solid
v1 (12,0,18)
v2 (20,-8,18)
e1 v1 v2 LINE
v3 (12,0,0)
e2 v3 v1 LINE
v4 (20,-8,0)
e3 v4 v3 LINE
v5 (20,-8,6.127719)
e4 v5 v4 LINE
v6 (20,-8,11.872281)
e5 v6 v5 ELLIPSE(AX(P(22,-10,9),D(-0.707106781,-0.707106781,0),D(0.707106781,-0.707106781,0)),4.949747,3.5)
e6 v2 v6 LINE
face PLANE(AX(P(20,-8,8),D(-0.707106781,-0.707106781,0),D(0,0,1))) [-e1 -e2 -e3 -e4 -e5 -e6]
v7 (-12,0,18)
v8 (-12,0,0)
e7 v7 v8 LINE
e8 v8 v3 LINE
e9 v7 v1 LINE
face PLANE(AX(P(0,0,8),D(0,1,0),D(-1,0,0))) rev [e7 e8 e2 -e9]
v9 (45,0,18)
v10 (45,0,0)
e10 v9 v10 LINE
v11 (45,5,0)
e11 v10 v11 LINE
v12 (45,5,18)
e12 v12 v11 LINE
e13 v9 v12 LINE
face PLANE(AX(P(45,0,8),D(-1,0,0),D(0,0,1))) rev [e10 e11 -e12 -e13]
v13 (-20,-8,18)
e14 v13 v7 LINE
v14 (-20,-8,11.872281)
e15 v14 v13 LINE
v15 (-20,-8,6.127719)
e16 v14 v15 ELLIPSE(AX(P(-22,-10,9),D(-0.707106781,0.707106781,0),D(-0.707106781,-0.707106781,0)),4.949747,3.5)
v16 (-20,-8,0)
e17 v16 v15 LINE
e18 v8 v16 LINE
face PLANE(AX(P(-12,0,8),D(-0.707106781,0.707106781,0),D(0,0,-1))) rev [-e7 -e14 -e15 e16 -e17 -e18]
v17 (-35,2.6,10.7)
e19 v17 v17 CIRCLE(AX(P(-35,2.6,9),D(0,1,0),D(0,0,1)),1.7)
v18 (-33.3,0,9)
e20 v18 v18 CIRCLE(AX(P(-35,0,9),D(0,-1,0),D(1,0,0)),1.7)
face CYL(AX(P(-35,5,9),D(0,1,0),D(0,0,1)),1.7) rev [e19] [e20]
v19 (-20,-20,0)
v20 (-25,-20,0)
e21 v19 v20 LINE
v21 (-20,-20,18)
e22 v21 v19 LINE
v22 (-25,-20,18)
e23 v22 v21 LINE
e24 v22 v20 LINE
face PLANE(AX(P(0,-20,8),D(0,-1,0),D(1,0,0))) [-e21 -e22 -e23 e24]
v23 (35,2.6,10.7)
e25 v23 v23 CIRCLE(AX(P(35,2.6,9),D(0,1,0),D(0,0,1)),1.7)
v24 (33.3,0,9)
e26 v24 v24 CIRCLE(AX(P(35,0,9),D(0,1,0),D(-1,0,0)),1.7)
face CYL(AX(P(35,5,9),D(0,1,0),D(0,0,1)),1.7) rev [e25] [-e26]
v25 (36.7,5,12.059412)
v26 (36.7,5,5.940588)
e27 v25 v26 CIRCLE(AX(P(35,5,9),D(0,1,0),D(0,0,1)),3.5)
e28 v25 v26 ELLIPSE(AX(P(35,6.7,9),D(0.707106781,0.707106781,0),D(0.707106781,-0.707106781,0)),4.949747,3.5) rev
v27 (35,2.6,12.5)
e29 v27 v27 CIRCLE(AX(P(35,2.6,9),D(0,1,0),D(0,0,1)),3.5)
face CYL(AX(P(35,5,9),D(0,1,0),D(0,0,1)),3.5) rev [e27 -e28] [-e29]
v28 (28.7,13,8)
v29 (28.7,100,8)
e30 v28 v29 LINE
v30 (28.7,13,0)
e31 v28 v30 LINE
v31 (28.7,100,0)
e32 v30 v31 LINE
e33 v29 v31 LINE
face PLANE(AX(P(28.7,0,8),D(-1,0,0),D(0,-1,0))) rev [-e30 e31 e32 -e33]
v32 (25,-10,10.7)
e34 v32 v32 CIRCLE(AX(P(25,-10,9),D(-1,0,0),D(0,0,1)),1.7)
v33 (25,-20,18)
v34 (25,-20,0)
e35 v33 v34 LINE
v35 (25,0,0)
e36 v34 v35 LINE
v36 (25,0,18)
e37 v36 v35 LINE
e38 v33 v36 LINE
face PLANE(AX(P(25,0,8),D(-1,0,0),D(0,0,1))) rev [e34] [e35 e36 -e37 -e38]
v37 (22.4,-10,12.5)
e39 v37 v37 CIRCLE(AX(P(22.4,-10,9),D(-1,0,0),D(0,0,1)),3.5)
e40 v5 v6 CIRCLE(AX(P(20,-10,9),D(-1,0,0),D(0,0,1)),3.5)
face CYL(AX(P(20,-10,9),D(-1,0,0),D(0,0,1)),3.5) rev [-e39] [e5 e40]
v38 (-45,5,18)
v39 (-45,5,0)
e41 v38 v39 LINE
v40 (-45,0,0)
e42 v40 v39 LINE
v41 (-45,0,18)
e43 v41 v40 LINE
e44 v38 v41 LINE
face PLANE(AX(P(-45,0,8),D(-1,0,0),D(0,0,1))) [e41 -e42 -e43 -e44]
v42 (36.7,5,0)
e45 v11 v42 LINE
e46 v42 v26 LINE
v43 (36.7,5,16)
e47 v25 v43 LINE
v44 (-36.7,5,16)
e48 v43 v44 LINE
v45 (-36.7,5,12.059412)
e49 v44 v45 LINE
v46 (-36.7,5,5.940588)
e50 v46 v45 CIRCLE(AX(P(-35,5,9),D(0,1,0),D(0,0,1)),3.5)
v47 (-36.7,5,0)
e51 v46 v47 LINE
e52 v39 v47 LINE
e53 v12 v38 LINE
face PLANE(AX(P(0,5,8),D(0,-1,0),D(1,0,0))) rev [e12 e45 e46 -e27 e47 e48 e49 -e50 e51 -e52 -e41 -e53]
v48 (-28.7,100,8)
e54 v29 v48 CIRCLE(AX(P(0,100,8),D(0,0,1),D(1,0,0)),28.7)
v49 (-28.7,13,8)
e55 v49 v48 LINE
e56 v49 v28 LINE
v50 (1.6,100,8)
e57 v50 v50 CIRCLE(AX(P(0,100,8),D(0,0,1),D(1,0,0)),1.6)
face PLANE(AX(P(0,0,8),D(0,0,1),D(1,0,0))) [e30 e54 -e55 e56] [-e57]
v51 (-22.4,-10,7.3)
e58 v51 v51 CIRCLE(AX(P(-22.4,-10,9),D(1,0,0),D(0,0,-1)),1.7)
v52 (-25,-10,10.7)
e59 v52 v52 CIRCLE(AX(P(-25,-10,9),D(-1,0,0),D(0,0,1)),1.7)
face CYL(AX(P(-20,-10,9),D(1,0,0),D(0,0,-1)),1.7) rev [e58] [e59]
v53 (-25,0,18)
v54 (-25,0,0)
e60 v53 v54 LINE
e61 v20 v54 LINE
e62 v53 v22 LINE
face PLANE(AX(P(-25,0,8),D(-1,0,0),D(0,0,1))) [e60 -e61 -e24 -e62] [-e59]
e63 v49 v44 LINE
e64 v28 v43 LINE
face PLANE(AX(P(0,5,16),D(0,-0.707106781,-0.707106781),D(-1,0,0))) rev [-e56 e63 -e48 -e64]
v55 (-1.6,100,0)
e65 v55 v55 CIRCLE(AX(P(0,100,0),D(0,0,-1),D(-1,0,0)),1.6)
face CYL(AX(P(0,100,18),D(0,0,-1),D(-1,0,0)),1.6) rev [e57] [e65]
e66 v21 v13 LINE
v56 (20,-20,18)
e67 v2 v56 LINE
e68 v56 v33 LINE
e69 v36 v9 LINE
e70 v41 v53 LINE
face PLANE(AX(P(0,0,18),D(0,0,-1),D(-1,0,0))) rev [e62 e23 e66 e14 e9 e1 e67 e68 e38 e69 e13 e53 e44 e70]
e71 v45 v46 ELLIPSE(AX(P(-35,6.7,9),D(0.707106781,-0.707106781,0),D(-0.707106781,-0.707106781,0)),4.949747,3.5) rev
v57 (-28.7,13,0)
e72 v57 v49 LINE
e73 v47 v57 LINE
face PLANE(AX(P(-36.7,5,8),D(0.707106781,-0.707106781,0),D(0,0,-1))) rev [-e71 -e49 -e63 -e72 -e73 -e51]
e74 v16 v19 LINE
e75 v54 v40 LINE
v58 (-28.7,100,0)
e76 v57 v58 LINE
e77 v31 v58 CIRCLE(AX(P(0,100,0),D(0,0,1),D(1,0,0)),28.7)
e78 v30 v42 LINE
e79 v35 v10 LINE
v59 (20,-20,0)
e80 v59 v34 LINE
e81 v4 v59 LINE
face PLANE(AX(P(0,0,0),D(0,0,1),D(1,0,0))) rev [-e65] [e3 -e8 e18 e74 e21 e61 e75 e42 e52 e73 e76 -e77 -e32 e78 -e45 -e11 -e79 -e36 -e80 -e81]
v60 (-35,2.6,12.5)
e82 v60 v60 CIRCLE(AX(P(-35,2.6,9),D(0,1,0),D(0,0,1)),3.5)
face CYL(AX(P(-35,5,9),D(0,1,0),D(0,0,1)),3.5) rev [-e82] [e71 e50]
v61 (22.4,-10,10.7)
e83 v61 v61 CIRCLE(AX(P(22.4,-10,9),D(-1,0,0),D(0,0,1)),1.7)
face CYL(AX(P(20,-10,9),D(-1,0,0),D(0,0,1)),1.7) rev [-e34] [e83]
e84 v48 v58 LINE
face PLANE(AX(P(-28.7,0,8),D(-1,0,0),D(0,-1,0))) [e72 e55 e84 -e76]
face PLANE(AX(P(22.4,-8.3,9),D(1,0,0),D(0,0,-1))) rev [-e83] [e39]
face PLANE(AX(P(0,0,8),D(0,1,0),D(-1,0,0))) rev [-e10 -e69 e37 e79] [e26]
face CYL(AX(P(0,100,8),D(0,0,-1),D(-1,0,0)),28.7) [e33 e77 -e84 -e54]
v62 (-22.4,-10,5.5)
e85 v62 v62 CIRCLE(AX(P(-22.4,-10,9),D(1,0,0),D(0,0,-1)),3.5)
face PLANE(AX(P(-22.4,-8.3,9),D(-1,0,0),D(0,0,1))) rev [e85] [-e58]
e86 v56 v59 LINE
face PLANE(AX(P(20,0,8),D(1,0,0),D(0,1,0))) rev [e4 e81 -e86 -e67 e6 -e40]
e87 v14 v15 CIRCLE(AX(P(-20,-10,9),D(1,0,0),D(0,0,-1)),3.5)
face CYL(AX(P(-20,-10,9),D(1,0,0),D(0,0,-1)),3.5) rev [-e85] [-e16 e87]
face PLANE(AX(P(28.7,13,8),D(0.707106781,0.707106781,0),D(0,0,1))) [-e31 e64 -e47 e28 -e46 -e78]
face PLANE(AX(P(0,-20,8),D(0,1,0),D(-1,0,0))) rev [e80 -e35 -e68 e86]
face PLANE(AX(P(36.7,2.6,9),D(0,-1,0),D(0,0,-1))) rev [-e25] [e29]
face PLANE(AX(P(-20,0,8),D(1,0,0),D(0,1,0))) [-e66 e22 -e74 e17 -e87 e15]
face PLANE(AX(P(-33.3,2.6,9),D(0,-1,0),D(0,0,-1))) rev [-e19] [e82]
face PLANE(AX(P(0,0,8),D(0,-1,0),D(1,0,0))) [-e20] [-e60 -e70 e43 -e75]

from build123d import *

# Parameters (mm, degrees)
RESSALTO_EXTRUS_O1_DEPTH                     = 8
RESSALTO_EXTRUS_O2_DEPTH                     = 10
CHANFRO1_SIZE                                = 8
ESBO_O3_R                                    = 1.6
CORTE_EXTRUS_O1_DEPTH                        = 138.523416188
REBAIXO_PARA_PARAFUSO_COM_CABE_A_PAN_2_COUNT = 2
REBAIXO_PARA_PARAFUSO_COM_CABE_A_PAN_2_PITCH = 70
CORTE_EXTRUS_O3_REACH                        = 134.856
ESBO_O11_R                                   = 3.5
CORTE_EXTRUS_O4_START                        = 2
ESBO_O19_R                                   = 3.5
CORTE_EXTRUS_O4_DEPTH                        = 2


with BuildPart() as part:
    # Esboço1 → Ressalto-extrusão1 (new body)
    with BuildSketch(Plane.XY):
        with BuildLine():
            Line((-20, -20), (-20, 0))
            Line((-20, 0), (20, 0))
            Line((20, 0), (20, -20))
            Line((20, -20), (25, -20))
            Line((25, -20), (25, 0))
            Line((25, 0), (45, 0))
            Line((45, 0), (45, 5))
            Line((45, 5), (28.7, 5))
            Line((28.7, 5), (28.7, 100))
            ThreePointArc((28.7, 100), (0, 128.7), (-28.7, 100))
            Line((-28.7, 100), (-28.7, 5))
            Line((-28.7, 5), (-45, 5))
            Line((-45, 5), (-45, 0))
            Line((-45, 0), (-25, 0))
            Line((-25, 0), (-25, -20))
            Line((-25, -20), (-20, -20))
        make_face()
    extrude(amount=RESSALTO_EXTRUS_O1_DEPTH)

    # Esboço2 → Ressalto-extrusão2 (add)
    with BuildSketch(Plane.XY.offset(8)):
        Polygon((-20, -20), (-25, -20), (-25, 0), (-45, 0), (-45, 5), (45, 5), (45, 0), (25, 0), (25, -20), (20, -20), (20, 0), (-20, 0), align=None)
    extrude(amount=RESSALTO_EXTRUS_O2_DEPTH)

    # Chanfro1
    chanfro1_edges = [part.edges().sort_by_distance(p)[0] for p in [
        (28.7, 5, 4),
        (-28.7, 5, 4),
        (0, 5, 8),
        (20, 0, 9),
        (-20, 0, 9),
    ]]
    chamfer(chanfro1_edges, length=CHANFRO1_SIZE)

    # Esboço3 → Corte-extrusão1 (cut, through all)
    with BuildSketch(Plane(origin=(0, 0, 0), x_dir=(-1, 0, 0), z_dir=(0, 0, -1))):
        with Locations((0, 100)):
            Circle(ESBO_O3_R)
    extrude(amount=-CORTE_EXTRUS_O1_DEPTH, mode=Mode.SUBTRACT)

    # Esboço10 → Rebaixo para parafuso com cabe_a panela (revolve, cut)
    with BuildSketch(Plane(origin=(-35, 5, 9), x_dir=(0, 0, 1), z_dir=(1, 0, 0))):
        Polygon((0, 0), (0, 7.021463052), (1.7, 6), (1.7, 2.4), (3.5, 2.4), (3.5, 0), align=None)
    rebaixo_para_parafuso_com_cabe_a_panela = revolve(axis=Axis((-35, 11.35, 9), (0, -1, 0)), mode=Mode.SUBTRACT)

    # Rebaixo para parafuso com cabe_a pan 2: Rebaixo para parafuso com cabe_a panela ×2
    with Locations(*[(i * REBAIXO_PARA_PARAFUSO_COM_CABE_A_PAN_2_PITCH, 0, 0) for i in range(1, REBAIXO_PARA_PARAFUSO_COM_CABE_A_PAN_2_COUNT)]):
        add(rebaixo_para_parafuso_com_cabe_a_panela, mode=Mode.SUBTRACT)

    # Corte-extrusão3: up to this face of the body (flat: up to its plane)
    corte_extrus_o3_end = Plane(part.part.faces().sort_by_distance((33.144444444, 8.555555556, 6.222222222))[0])
    # Esboço11 → Corte-extrusão3 (cut, up to the picked face)
    with BuildSketch(Plane(origin=(0, 5, 0), x_dir=(1, 0, 0), z_dir=(0, 1, 0)), mode=Mode.PRIVATE) as corte_extrus_o3_sk1:
        with Locations((35, -9)):
            Circle(ESBO_O11_R)
    corte_extrus_o3_tool1 = split(extrude(corte_extrus_o3_sk1.sketch, amount=CORTE_EXTRUS_O3_REACH, mode=Mode.PRIVATE), bisect_by=corte_extrus_o3_end, keep=Keep.BOTH, mode=Mode.PRIVATE)
    # Esboço11 → Corte-extrusão3 (cut, up to the picked face)
    with BuildSketch(Plane(origin=(0, 5, 0), x_dir=(1, 0, 0), z_dir=(0, 1, 0)), mode=Mode.PRIVATE) as corte_extrus_o3_sk2:
        with Locations((-35, -9)):
            Circle(ESBO_O11_R)
    corte_extrus_o3_tool2 = split(extrude(corte_extrus_o3_sk2.sketch, amount=CORTE_EXTRUS_O3_REACH, mode=Mode.PRIVATE), bisect_by=corte_extrus_o3_end, keep=Keep.BOTH, mode=Mode.PRIVATE)
    add(corte_extrus_o3_tool1.solids().sort_by(Axis((35, 5, 9), (0, 1, 0)))[0], mode=Mode.SUBTRACT)
    add(corte_extrus_o3_tool2.solids().sort_by(Axis((-35, 5, 9), (0, 1, 0)))[0], mode=Mode.SUBTRACT)

    # Esboço18 → Rebaixo para parafuso com cabe_a pan 3 (revolve, cut)
    with BuildSketch(Plane(origin=(20, -10, 9), x_dir=(0, 0, 1), z_dir=(0, 1, 0))):
        Polygon((0, 0), (0, 7.021463052), (1.7, 6), (1.7, 2.4), (3.5, 2.4), (3.5, 0), align=None)
    revolve(axis=Axis((13.65, -10, 9), (1, 0, 0)), mode=Mode.SUBTRACT)

    # Esboço19 → Corte-extrusão4 (cut)
    with BuildSketch(Plane.ZY.offset(-20).offset(CORTE_EXTRUS_O4_START)):
        with Locations((9, -10)):
            Circle(ESBO_O19_R)
    corte_extrus_o4 = extrude(amount=-CORTE_EXTRUS_O4_DEPTH, mode=Mode.SUBTRACT)

    # Esboço21 → Rebaixo para parafuso com cabe_a pan 4 (revolve, cut)
    with BuildSketch(Plane(origin=(-20, -10, 9), x_dir=(0, 0, -1), z_dir=(0, 1, 0))):
        Polygon((0, 0), (0, 7.021463052), (1.7, 6), (1.7, 2.4), (3.5, 2.4), (3.5, 0), align=None)
    revolve(axis=Axis((-13.65, -10, 9), (-1, 0, 0)), mode=Mode.SUBTRACT)

    # Espelhar1: Corte-extrusão4 across plane
    add(corte_extrus_o4.mirror(Plane(origin=(0, 0, 0), x_dir=(0, 0, 1), z_dir=(1, 0, 0))), mode=Mode.SUBTRACT)


solid = part.part
